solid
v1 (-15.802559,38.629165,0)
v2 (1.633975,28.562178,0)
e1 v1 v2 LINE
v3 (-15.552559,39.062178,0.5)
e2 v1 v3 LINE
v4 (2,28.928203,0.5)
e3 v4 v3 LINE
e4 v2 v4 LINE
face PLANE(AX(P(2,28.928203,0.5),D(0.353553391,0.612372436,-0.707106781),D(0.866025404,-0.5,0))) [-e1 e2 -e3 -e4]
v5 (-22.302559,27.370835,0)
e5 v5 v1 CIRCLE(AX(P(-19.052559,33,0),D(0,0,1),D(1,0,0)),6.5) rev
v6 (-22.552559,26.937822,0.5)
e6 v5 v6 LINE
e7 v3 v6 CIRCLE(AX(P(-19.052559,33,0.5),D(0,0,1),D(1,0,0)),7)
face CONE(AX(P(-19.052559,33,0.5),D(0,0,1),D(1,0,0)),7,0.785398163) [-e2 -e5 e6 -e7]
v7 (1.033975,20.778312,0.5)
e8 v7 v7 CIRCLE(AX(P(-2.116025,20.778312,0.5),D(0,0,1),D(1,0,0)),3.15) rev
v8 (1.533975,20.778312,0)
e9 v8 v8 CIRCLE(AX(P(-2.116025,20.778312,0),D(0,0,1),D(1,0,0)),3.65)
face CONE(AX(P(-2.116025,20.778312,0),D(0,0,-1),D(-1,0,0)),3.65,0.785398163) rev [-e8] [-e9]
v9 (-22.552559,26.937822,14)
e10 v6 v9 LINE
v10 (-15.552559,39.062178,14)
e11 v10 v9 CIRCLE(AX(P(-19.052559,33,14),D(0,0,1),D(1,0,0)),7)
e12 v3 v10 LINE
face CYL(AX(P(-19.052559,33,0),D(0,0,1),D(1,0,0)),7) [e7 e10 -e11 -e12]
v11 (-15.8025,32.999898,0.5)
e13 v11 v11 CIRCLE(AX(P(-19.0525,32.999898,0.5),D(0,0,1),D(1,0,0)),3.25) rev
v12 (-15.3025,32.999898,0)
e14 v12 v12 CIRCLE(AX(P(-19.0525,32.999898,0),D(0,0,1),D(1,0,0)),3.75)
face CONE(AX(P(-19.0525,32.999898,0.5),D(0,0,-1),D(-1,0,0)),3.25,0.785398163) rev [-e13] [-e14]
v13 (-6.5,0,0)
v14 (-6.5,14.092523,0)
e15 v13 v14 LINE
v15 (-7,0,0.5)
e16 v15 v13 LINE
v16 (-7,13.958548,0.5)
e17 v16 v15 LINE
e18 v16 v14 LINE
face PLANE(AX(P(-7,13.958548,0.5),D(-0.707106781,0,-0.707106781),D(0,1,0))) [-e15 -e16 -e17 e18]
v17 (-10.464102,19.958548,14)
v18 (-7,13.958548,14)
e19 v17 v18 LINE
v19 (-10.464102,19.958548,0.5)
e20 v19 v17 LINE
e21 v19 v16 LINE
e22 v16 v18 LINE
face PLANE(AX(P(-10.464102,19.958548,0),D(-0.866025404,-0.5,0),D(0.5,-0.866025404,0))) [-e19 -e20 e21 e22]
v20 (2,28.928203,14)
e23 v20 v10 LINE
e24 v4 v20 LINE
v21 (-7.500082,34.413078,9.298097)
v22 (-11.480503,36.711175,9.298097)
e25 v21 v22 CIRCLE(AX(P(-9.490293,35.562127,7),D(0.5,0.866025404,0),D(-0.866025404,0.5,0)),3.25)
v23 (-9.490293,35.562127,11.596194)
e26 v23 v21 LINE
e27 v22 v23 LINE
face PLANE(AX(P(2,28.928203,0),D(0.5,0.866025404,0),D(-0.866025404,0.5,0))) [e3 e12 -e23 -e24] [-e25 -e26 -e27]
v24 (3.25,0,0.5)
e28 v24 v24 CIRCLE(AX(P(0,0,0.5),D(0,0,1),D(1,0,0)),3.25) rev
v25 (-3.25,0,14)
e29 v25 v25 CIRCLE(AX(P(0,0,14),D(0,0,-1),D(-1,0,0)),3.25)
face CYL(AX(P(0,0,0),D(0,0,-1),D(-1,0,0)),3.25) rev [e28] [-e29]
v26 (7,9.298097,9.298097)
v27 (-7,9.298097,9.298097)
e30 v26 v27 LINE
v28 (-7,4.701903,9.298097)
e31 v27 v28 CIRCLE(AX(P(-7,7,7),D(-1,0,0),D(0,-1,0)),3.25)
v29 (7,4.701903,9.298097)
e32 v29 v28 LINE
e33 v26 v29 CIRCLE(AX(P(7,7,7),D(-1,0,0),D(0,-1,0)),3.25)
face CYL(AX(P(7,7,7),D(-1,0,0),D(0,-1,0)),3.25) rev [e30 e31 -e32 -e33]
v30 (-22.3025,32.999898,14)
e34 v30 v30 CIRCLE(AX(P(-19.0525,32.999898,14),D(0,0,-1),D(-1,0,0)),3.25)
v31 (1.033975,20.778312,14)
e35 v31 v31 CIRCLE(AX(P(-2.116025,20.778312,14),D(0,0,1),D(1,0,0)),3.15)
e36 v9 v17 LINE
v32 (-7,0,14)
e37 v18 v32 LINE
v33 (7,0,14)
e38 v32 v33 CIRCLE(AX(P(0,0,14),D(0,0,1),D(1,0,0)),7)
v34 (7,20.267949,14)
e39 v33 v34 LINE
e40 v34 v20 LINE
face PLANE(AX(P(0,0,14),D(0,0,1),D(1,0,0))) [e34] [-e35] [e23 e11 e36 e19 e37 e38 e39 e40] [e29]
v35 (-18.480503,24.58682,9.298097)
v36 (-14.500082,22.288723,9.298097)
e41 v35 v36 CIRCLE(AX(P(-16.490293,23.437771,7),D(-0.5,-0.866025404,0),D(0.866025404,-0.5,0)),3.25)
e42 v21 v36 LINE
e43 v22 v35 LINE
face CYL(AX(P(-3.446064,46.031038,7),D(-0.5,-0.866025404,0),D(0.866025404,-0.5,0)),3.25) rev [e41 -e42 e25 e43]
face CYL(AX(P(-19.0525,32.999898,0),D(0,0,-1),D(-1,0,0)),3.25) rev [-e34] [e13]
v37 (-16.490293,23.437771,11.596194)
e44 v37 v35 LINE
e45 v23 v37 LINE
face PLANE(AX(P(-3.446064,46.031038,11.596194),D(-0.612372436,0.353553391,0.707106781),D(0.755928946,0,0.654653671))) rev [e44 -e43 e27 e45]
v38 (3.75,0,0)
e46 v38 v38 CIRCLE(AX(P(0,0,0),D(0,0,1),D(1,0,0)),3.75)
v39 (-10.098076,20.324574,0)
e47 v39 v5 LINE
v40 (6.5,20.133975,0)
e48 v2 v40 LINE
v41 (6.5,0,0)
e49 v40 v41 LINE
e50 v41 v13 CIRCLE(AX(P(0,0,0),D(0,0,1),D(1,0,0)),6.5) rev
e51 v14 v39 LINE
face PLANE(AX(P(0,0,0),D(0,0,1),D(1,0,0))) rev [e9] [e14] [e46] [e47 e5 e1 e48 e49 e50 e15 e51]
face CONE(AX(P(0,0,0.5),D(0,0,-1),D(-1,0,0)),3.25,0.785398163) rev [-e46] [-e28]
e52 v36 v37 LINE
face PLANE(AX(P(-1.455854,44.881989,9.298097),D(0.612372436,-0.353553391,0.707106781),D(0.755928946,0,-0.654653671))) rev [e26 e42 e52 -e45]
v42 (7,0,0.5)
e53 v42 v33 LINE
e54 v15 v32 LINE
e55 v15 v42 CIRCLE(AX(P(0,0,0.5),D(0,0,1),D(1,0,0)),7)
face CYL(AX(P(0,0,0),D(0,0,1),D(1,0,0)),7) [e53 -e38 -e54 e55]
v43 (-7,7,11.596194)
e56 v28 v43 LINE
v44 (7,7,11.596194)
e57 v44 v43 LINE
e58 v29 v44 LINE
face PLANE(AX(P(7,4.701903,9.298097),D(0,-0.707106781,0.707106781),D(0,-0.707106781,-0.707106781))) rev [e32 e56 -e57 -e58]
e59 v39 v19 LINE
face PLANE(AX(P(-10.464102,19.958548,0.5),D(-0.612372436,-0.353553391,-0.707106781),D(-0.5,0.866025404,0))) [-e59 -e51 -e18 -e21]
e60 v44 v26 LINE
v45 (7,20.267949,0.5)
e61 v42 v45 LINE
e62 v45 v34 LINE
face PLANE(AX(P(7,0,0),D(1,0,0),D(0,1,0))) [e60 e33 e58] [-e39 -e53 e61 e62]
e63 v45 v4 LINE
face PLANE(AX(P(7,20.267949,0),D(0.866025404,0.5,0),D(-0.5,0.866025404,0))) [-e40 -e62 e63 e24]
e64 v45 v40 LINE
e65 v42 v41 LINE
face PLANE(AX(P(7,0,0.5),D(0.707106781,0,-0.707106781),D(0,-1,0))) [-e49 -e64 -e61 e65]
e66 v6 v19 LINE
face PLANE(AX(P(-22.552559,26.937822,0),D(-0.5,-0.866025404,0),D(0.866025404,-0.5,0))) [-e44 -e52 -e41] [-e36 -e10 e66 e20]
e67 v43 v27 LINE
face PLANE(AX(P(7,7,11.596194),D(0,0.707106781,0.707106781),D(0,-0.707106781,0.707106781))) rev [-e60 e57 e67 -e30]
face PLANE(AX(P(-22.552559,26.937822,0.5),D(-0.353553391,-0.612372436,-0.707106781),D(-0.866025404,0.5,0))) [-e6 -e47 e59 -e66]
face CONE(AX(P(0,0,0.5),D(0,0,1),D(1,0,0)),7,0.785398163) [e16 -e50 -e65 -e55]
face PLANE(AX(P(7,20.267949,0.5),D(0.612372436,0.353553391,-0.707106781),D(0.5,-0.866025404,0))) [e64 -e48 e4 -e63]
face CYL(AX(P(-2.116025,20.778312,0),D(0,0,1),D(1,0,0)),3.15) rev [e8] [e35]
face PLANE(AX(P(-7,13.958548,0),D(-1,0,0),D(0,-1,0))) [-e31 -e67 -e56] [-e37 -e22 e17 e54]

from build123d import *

# Parameters (mm, degrees)
BOSS_EXTRUDE1_DEPTH = 14
HOLE1_D             = 6.5
HOLE2_D             = 6.5
CUT_EXTRUDE1_DEPTH  = 46.814563472
CUT_EXTRUDE2_DEPTH  = 47.465040622
SKETCH8_R           = 3.15
CUT_EXTRUDE3_DEPTH  = 50.746716719
CHAMFER1_SIZE       = 0.5


with BuildPart() as part:
    # Sketch1 → Boss-Extrude1 (new body)
    with BuildSketch(Plane.XY.offset(14)):
        with BuildLine():
            Line((7, 0), (7, 20.267949192))
            Line((7, 20.267949192), (2, 28.92820323))
            Line((2, 28.92820323), (-15.552558883, 39.062177826))
            ThreePointArc((-15.552558883, 39.062177826), (-25.11473671, 36.5), (-22.552558883, 26.937822174))
            Line((-22.552558883, 26.937822174), (-10.464101615, 19.958548116))
            Line((-10.464101615, 19.958548116), (-7, 13.958548116))
            Line((-7, 13.958548116), (-7, 0))
            ThreePointArc((-7, 0), (0, -7), (7, 0))
        make_face()
    extrude(amount=-BOSS_EXTRUDE1_DEPTH)

    # Hole1 (through all)
    with Locations(Plane(origin=(0, 0, 0), x_dir=(-1, 0, 0), z_dir=(0, 0, -1))):
        with Locations((0, 0)):
            Hole(HOLE1_D / 2)

    # Hole2 (through all)
    with Locations(Plane(origin=(0, 0, 0), x_dir=(-1, 0, 0), z_dir=(0, 0, -1))):
        with Locations((19.0525, 32.999898011)):
            Hole(HOLE2_D / 2)

    # Sketch2 → Cut-Extrude1 (cut, through all)
    with BuildSketch(Plane(origin=(6.026279442, 10.437822174, 0), x_dir=(0.8660254037844398, -0.49999999999999806, 0), z_dir=(-0.499999999999998, -0.8660254037844397, 0))):
        with BuildLine():
            Line((-25.999898011, 11.596194078), (-28.29799505, 9.298097039))
            ThreePointArc((-28.29799505, 9.298097039), (-25.999898011, 3.75), (-23.701800972, 9.298097039))
            Line((-23.701800972, 9.298097039), (-25.999898011, 11.596194078))
        make_face()
    extrude(amount=-CUT_EXTRUDE1_DEPTH, mode=Mode.SUBTRACT)

    # Sketch3 → Cut-Extrude2 (cut, through all)
    with BuildSketch(Plane.ZY.offset(7)):
        with BuildLine():
            Line((9.298097039, 4.701902961), (11.596194078, 7))
            Line((11.596194078, 7), (9.298097039, 9.298097039))
            ThreePointArc((9.298097039, 9.298097039), (3.75, 7), (9.298097039, 4.701902961))
        make_face()
    extrude(amount=-CUT_EXTRUDE2_DEPTH, mode=Mode.SUBTRACT)

    # Sketch8 → Cut-Extrude3 (cut, through all)
    with BuildSketch(Plane.XY.offset(14)):
        with Locations((-2.116025404, 20.778312164)):
            Circle(SKETCH8_R)
    extrude(amount=-CUT_EXTRUDE3_DEPTH, mode=Mode.SUBTRACT)

    # Chamfer1
    chamfer1_edges = [part.edges().sort_by_distance(p)[0] for p in [
        (4.5, 24.598076211, 0),
        (-6.776279442, 33.995190528, 0),
        (-25.11473671, 36.5, 0),
        (-16.508330249, 23.448185145, 0),
        (-8.732050808, 16.958548116, 0),
        (-3.25, 0, 0),
        (-7, 6.979274058, 0),
        (-22.3025, 32.999898011, 0),
        (0, -7, 0),
        (-5.266025404, 20.778312164, 0),
        (7, 10.133974596, 0),
    ]]
    chamfer(chamfer1_edges, length=CHAMFER1_SIZE)


solid = part.part
